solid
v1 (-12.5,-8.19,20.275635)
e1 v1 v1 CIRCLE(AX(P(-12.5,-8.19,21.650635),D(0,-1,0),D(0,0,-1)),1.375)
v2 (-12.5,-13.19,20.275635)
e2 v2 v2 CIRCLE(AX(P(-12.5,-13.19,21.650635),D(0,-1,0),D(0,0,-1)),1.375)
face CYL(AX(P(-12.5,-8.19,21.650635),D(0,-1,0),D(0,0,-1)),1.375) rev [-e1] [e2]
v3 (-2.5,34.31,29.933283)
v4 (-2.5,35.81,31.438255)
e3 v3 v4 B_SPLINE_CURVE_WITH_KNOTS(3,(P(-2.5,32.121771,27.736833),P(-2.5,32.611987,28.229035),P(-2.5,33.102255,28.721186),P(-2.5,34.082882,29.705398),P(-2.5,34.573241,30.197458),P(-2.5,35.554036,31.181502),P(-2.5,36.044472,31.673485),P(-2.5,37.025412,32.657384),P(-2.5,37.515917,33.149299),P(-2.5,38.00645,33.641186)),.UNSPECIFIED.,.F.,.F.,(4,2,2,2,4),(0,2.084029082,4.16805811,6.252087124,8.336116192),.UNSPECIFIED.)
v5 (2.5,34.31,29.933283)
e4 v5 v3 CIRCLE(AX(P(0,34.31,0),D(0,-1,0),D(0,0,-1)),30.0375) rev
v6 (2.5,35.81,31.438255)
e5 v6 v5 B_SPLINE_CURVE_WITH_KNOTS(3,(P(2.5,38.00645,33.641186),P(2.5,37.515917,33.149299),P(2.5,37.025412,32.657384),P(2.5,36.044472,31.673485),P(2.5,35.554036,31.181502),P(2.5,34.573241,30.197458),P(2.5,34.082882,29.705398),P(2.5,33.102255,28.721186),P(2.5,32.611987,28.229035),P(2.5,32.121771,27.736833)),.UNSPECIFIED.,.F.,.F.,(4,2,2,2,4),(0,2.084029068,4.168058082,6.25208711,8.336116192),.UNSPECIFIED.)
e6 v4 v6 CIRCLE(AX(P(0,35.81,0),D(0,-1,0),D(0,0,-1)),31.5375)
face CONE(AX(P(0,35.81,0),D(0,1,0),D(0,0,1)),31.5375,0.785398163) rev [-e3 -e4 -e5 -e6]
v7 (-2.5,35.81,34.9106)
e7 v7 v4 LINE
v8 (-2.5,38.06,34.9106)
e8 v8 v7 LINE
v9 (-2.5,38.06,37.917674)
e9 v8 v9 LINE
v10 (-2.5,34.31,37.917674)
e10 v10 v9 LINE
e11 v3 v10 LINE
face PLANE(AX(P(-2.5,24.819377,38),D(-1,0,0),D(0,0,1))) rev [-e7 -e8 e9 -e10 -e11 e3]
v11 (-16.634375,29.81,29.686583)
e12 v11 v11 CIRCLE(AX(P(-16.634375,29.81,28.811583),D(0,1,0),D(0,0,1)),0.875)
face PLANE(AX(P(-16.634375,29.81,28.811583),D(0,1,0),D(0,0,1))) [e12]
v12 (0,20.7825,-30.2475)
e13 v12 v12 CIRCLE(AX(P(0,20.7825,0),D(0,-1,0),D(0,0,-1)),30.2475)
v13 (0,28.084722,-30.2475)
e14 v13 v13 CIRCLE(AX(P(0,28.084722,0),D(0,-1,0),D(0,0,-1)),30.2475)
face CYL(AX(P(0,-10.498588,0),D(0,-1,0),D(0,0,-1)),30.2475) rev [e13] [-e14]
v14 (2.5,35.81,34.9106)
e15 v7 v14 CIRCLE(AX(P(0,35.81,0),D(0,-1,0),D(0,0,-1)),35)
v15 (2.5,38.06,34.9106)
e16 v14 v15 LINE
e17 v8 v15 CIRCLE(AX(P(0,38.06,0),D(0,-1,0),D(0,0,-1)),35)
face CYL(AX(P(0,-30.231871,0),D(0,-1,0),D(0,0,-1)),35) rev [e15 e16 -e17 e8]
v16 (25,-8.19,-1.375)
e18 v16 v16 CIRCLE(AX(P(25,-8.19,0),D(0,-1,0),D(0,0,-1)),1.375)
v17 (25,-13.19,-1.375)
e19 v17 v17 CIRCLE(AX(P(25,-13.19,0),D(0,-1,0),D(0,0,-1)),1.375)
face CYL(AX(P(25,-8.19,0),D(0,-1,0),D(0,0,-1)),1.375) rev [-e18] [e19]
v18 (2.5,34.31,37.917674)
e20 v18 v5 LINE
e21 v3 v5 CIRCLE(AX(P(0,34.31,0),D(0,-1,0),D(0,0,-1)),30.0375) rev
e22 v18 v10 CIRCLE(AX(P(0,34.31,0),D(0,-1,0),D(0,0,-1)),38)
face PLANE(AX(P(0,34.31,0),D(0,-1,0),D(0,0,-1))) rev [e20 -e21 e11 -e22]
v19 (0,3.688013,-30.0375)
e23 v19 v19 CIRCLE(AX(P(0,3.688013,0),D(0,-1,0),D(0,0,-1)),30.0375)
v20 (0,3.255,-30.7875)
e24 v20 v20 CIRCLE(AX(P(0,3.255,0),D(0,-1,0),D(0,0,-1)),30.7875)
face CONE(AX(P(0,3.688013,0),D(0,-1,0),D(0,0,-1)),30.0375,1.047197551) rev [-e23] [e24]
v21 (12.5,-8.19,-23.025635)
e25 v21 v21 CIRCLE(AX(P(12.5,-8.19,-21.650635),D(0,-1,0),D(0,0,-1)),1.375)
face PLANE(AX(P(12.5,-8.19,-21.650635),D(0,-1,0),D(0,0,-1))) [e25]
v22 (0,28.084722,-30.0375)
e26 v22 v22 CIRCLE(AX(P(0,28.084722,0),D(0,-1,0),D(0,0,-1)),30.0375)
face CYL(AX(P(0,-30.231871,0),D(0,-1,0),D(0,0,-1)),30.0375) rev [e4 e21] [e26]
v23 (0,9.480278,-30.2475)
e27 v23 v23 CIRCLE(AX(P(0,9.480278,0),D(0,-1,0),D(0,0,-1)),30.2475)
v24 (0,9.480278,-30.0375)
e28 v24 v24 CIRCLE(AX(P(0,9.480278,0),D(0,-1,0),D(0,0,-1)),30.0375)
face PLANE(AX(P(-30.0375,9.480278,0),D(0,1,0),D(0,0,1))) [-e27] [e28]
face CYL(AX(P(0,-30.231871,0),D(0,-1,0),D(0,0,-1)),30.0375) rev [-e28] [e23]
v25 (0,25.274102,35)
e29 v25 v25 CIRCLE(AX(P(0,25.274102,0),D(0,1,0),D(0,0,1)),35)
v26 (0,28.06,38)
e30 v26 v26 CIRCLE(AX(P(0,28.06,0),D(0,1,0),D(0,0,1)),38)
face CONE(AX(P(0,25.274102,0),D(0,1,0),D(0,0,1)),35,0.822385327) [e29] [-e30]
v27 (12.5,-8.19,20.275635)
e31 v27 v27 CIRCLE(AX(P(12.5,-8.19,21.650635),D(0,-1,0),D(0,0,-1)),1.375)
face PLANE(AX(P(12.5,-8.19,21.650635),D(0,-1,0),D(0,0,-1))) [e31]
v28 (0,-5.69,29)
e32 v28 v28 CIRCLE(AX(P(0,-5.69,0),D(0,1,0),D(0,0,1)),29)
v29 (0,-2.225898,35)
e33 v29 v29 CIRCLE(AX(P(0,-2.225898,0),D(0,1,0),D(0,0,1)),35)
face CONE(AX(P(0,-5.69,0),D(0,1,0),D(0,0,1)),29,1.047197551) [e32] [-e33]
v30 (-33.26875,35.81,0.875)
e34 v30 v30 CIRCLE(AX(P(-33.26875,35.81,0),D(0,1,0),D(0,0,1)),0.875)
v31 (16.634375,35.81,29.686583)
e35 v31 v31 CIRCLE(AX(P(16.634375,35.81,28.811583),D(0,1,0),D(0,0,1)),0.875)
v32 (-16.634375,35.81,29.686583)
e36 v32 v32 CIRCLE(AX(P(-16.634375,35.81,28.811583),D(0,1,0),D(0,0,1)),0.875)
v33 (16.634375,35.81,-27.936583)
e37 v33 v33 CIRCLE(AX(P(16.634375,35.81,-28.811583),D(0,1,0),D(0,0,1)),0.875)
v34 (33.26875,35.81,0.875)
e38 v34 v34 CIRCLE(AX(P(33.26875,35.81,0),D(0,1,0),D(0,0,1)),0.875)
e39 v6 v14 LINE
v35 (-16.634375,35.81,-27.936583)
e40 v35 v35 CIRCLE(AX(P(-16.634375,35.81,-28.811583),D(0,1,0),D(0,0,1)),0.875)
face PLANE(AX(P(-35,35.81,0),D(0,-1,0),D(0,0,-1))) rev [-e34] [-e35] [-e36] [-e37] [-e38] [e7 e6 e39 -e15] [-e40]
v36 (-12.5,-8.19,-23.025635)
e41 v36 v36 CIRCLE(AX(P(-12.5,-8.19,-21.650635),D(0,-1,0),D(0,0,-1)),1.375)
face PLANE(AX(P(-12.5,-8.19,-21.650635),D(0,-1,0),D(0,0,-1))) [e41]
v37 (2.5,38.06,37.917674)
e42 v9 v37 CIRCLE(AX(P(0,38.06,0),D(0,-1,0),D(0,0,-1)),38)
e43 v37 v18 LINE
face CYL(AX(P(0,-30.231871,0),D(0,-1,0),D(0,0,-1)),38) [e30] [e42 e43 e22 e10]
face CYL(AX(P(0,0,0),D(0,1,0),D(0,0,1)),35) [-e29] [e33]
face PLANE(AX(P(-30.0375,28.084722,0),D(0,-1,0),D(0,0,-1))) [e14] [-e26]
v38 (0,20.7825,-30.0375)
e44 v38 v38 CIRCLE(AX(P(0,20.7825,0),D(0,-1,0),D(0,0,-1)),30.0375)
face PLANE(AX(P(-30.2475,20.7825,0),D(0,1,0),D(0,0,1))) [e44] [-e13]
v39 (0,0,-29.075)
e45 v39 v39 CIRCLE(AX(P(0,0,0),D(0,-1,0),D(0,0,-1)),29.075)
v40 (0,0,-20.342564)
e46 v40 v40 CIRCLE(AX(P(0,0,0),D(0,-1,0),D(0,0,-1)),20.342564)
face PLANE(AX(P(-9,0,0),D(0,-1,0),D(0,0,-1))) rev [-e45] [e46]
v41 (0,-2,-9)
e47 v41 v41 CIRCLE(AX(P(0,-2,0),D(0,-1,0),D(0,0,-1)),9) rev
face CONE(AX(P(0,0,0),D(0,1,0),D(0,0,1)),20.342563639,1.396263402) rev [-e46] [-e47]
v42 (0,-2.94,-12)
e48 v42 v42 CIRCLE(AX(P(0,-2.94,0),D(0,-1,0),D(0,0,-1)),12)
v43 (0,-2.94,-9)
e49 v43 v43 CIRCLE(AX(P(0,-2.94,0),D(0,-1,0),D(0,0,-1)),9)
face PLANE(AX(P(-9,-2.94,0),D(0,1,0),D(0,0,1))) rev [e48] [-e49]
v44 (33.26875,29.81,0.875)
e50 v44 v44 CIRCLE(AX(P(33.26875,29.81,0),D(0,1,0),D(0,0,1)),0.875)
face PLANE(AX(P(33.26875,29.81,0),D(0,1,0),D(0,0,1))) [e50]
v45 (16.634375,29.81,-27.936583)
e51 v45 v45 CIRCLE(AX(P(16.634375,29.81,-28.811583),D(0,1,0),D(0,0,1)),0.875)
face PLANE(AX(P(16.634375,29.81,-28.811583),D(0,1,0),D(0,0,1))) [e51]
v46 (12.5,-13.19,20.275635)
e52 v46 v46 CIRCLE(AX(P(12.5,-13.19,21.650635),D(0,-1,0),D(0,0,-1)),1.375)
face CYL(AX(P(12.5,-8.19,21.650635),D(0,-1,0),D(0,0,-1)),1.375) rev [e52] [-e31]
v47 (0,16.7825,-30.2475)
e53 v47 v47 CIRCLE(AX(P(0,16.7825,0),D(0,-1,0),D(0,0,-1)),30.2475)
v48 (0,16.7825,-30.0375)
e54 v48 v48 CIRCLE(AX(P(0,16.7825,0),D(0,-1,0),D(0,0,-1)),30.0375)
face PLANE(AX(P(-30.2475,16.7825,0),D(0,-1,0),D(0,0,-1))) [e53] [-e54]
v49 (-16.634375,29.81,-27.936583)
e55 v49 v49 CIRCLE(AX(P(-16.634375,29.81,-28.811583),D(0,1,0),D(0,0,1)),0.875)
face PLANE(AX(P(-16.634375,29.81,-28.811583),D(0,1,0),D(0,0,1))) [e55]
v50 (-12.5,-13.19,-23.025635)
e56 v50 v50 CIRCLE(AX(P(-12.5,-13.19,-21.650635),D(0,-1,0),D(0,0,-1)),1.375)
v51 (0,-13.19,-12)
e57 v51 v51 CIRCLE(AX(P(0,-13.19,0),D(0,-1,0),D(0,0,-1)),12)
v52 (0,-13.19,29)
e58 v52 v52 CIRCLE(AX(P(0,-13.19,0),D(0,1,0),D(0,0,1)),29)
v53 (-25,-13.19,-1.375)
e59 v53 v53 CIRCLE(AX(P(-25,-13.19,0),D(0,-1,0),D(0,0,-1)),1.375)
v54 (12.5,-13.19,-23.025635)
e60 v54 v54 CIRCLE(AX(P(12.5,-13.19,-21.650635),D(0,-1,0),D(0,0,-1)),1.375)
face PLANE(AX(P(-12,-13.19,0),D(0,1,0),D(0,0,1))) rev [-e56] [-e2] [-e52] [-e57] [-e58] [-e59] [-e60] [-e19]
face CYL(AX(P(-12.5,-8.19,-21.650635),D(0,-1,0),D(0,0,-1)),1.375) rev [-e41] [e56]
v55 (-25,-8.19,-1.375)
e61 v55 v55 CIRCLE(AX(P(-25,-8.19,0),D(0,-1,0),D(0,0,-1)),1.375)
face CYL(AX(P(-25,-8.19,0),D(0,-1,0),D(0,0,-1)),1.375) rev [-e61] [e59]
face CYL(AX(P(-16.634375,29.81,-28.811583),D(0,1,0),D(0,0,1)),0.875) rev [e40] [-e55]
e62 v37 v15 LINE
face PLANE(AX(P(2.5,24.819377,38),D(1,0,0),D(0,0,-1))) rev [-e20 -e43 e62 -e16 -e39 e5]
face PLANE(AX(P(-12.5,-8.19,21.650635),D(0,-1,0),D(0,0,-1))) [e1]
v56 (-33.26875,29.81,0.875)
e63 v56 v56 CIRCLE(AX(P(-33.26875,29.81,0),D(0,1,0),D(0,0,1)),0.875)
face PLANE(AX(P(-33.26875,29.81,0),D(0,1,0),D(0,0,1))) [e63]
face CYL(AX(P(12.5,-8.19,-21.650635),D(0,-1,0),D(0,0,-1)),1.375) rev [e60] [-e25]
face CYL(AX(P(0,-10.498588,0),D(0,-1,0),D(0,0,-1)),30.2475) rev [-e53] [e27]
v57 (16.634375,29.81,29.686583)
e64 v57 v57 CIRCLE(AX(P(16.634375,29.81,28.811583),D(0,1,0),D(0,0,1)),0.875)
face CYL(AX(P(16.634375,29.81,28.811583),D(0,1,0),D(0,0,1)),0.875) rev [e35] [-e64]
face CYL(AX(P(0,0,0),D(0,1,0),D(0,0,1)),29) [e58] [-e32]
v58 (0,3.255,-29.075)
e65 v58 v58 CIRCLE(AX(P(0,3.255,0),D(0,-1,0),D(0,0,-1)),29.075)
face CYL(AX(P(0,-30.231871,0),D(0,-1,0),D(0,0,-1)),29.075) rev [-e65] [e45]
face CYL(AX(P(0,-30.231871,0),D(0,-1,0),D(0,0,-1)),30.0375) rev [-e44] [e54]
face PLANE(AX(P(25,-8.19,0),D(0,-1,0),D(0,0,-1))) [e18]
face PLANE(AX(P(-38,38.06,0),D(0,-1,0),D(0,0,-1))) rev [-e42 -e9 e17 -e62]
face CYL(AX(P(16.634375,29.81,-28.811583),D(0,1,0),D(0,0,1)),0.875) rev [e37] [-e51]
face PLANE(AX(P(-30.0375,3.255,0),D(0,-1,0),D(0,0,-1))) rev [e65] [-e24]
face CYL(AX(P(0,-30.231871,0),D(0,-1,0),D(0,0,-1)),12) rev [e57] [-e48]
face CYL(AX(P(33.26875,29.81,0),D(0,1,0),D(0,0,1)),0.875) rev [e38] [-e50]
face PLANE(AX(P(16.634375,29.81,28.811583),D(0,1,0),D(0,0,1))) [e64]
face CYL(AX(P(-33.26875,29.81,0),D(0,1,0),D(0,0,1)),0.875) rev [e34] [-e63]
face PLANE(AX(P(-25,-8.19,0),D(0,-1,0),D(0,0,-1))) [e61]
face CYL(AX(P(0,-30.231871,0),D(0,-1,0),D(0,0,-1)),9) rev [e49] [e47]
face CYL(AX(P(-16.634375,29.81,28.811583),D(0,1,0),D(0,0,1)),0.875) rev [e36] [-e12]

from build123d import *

# Parameters (mm, degrees)
TOP_CHAMFER_SIZE   = 1.5
BACK_CHAMFER_SIZE  = 2
BACK_CHAMFER_SIZE2 = 11.342563639
WIRE_START         = -3.75
SKETCH8_W          = 5
SKETCH8_H          = 8.066717416
WIRE_HOLE_DEPTH    = 3.75
SKETCH9_R          = 0.875
FRONT_HOLES_DEPTH  = 6
SKETCH10_R         = 1.375
BACK_HOLES_DEPTH   = 5
SKETCH14_W         = 0.21
SKETCH14_H         = 7.302222222


with BuildPart() as part:
    # Sketch7 → Base Motor Housing (revolve)
    with BuildSketch(Plane.XY, mode=Mode.PRIVATE) as base_motor_housing_sk:
        Polygon((-38, 38.06), (-35, 38.06), (-35, 35.81), (-30.0375, 35.81), (-30.0375, 3.255), (-29.075, 3.255), (-29.075, 0), (-9, 0), (-9, -2.94), (-12, -2.94), (-12, -13.19), (-38, -13.19), (-38, 3.255), align=None)
    revolve(base_motor_housing_sk.sketch.rotate(Axis((0, -30.231871117, 0), (0, 1, 0)), 270), axis=Axis((0, -30.231871117, 0), (0, 1, 0)))

    # Top Chamfer
    top_chamfer_edges = [part.edges().sort_by_distance(p)[0] for p in [
        (0, 35.81, 30.0375),
    ]]
    chamfer(top_chamfer_edges, length=TOP_CHAMFER_SIZE)

    # Back Chamfer
    back_chamfer_edges = [part.edges().sort_by_distance(p)[0] for p in [
        (0, 0, 9),
    ]]
    back_chamfer_side = [part.faces().sort_by_distance(p)[0] for p in [
        (0, -1.47, 9),
    ]]
    chamfer(back_chamfer_edges, length=BACK_CHAMFER_SIZE, length2=BACK_CHAMFER_SIZE2, reference=back_chamfer_side[0])

    # Sketch8 → Wire Hole (cut)
    with BuildSketch(Plane(origin=(0, 38.06, 0), x_dir=(1, 0, 0), z_dir=(0, 1, 0)).offset(WIRE_START)):
        with Locations((0, -33.966641292)):
            Rectangle(SKETCH8_W, SKETCH8_H)
    extrude(amount=WIRE_HOLE_DEPTH, mode=Mode.SUBTRACT)

    # Sketch9 → Front-Holes (cut)
    with BuildSketch(Plane(origin=(0, 35.81, 0), x_dir=(1, 0, 0), z_dir=(0, 1, 0))):
        with Locations(Location((-33.26875, 0, 0), (0, 0, 270))):
            Circle(SKETCH9_R)
        with Locations(Location((-16.634375, 28.811582652, 0), (0, 0, 270))):
            Circle(SKETCH9_R)
        with Locations(Location((16.634375, 28.811582652, 0), (0, 0, 270))):
            Circle(SKETCH9_R)
        with Locations(Location((33.26875, 0, 0), (0, 0, 270))):
            Circle(SKETCH9_R)
        with Locations(Location((16.634375, -28.811582652, 0), (0, 0, 270))):
            Circle(SKETCH9_R)
        with Locations(Location((-16.634375, -28.811582652, 0), (0, 0, 270))):
            Circle(SKETCH9_R)
    extrude(amount=-FRONT_HOLES_DEPTH, mode=Mode.SUBTRACT)

    # Sketch10 → Back-Holes (cut)
    with BuildSketch(Plane.XZ.offset(13.19)):
        with Locations(Location((-25, 0, 0), (0, 0, 270))):
            Circle(SKETCH10_R)
        with Locations(Location((-12.5, 21.650635095, 0), (0, 0, 270))):
            Circle(SKETCH10_R)
        with Locations(Location((12.5, 21.650635095, 0), (0, 0, 270))):
            Circle(SKETCH10_R)
        with Locations(Location((25, 0, 0), (0, 0, 270))):
            Circle(SKETCH10_R)
        with Locations(Location((12.5, -21.650635095, 0), (0, 0, 270))):
            Circle(SKETCH10_R)
        with Locations(Location((-12.5, -21.650635095, 0), (0, 0, 270))):
            Circle(SKETCH10_R)
    extrude(amount=-BACK_HOLES_DEPTH, mode=Mode.SUBTRACT)

    # Sketch11 → Lightening Cut (revolve, cut)
    with BuildSketch(Plane.XY, mode=Mode.PRIVATE) as lightening_cut_sk:
        Polygon((29, -13.19), (29, -5.69), (35, -2.225898385), (35, 25.274101615), (38, 28.06), (38, -13.19), align=None)
    revolve(lightening_cut_sk.sketch.rotate(Axis((0, 0, 0), (0, -1, 0)), 90), axis=Axis((0, 0, 0), (0, -1, 0)), mode=Mode.SUBTRACT)

    # Sketch12 → Undercut for Stator (revolve, cut)
    with BuildSketch(Plane.XY, mode=Mode.PRIVATE) as undercut_for_stator_sk:
        Polygon((-30.0375, 3.255), (-30.7875, 3.255), (-30.0375, 3.688012702), align=None)
    revolve(undercut_for_stator_sk.sketch.rotate(Axis((0, -4.281937273, 0), (0, 1, 0)), 270), axis=Axis((0, -4.281937273, 0), (0, 1, 0)), mode=Mode.SUBTRACT)

    # Sketch14 → Adhesive Trench (revolve, cut)
    with BuildSketch(Plane.XY, mode=Mode.PRIVATE) as adhesive_trench_sk:
        with Locations((-30.1425, 24.433611111)):
            Rectangle(SKETCH14_W, SKETCH14_H)
        with Locations((-30.1425, 13.131388889)):
            Rectangle(SKETCH14_W, SKETCH14_H)
    revolve(adhesive_trench_sk.sketch.rotate(Axis((0, -10.498587948, 0), (0, 1, 0)), 270), axis=Axis((0, -10.498587948, 0), (0, 1, 0)), mode=Mode.SUBTRACT)


solid = part.part
